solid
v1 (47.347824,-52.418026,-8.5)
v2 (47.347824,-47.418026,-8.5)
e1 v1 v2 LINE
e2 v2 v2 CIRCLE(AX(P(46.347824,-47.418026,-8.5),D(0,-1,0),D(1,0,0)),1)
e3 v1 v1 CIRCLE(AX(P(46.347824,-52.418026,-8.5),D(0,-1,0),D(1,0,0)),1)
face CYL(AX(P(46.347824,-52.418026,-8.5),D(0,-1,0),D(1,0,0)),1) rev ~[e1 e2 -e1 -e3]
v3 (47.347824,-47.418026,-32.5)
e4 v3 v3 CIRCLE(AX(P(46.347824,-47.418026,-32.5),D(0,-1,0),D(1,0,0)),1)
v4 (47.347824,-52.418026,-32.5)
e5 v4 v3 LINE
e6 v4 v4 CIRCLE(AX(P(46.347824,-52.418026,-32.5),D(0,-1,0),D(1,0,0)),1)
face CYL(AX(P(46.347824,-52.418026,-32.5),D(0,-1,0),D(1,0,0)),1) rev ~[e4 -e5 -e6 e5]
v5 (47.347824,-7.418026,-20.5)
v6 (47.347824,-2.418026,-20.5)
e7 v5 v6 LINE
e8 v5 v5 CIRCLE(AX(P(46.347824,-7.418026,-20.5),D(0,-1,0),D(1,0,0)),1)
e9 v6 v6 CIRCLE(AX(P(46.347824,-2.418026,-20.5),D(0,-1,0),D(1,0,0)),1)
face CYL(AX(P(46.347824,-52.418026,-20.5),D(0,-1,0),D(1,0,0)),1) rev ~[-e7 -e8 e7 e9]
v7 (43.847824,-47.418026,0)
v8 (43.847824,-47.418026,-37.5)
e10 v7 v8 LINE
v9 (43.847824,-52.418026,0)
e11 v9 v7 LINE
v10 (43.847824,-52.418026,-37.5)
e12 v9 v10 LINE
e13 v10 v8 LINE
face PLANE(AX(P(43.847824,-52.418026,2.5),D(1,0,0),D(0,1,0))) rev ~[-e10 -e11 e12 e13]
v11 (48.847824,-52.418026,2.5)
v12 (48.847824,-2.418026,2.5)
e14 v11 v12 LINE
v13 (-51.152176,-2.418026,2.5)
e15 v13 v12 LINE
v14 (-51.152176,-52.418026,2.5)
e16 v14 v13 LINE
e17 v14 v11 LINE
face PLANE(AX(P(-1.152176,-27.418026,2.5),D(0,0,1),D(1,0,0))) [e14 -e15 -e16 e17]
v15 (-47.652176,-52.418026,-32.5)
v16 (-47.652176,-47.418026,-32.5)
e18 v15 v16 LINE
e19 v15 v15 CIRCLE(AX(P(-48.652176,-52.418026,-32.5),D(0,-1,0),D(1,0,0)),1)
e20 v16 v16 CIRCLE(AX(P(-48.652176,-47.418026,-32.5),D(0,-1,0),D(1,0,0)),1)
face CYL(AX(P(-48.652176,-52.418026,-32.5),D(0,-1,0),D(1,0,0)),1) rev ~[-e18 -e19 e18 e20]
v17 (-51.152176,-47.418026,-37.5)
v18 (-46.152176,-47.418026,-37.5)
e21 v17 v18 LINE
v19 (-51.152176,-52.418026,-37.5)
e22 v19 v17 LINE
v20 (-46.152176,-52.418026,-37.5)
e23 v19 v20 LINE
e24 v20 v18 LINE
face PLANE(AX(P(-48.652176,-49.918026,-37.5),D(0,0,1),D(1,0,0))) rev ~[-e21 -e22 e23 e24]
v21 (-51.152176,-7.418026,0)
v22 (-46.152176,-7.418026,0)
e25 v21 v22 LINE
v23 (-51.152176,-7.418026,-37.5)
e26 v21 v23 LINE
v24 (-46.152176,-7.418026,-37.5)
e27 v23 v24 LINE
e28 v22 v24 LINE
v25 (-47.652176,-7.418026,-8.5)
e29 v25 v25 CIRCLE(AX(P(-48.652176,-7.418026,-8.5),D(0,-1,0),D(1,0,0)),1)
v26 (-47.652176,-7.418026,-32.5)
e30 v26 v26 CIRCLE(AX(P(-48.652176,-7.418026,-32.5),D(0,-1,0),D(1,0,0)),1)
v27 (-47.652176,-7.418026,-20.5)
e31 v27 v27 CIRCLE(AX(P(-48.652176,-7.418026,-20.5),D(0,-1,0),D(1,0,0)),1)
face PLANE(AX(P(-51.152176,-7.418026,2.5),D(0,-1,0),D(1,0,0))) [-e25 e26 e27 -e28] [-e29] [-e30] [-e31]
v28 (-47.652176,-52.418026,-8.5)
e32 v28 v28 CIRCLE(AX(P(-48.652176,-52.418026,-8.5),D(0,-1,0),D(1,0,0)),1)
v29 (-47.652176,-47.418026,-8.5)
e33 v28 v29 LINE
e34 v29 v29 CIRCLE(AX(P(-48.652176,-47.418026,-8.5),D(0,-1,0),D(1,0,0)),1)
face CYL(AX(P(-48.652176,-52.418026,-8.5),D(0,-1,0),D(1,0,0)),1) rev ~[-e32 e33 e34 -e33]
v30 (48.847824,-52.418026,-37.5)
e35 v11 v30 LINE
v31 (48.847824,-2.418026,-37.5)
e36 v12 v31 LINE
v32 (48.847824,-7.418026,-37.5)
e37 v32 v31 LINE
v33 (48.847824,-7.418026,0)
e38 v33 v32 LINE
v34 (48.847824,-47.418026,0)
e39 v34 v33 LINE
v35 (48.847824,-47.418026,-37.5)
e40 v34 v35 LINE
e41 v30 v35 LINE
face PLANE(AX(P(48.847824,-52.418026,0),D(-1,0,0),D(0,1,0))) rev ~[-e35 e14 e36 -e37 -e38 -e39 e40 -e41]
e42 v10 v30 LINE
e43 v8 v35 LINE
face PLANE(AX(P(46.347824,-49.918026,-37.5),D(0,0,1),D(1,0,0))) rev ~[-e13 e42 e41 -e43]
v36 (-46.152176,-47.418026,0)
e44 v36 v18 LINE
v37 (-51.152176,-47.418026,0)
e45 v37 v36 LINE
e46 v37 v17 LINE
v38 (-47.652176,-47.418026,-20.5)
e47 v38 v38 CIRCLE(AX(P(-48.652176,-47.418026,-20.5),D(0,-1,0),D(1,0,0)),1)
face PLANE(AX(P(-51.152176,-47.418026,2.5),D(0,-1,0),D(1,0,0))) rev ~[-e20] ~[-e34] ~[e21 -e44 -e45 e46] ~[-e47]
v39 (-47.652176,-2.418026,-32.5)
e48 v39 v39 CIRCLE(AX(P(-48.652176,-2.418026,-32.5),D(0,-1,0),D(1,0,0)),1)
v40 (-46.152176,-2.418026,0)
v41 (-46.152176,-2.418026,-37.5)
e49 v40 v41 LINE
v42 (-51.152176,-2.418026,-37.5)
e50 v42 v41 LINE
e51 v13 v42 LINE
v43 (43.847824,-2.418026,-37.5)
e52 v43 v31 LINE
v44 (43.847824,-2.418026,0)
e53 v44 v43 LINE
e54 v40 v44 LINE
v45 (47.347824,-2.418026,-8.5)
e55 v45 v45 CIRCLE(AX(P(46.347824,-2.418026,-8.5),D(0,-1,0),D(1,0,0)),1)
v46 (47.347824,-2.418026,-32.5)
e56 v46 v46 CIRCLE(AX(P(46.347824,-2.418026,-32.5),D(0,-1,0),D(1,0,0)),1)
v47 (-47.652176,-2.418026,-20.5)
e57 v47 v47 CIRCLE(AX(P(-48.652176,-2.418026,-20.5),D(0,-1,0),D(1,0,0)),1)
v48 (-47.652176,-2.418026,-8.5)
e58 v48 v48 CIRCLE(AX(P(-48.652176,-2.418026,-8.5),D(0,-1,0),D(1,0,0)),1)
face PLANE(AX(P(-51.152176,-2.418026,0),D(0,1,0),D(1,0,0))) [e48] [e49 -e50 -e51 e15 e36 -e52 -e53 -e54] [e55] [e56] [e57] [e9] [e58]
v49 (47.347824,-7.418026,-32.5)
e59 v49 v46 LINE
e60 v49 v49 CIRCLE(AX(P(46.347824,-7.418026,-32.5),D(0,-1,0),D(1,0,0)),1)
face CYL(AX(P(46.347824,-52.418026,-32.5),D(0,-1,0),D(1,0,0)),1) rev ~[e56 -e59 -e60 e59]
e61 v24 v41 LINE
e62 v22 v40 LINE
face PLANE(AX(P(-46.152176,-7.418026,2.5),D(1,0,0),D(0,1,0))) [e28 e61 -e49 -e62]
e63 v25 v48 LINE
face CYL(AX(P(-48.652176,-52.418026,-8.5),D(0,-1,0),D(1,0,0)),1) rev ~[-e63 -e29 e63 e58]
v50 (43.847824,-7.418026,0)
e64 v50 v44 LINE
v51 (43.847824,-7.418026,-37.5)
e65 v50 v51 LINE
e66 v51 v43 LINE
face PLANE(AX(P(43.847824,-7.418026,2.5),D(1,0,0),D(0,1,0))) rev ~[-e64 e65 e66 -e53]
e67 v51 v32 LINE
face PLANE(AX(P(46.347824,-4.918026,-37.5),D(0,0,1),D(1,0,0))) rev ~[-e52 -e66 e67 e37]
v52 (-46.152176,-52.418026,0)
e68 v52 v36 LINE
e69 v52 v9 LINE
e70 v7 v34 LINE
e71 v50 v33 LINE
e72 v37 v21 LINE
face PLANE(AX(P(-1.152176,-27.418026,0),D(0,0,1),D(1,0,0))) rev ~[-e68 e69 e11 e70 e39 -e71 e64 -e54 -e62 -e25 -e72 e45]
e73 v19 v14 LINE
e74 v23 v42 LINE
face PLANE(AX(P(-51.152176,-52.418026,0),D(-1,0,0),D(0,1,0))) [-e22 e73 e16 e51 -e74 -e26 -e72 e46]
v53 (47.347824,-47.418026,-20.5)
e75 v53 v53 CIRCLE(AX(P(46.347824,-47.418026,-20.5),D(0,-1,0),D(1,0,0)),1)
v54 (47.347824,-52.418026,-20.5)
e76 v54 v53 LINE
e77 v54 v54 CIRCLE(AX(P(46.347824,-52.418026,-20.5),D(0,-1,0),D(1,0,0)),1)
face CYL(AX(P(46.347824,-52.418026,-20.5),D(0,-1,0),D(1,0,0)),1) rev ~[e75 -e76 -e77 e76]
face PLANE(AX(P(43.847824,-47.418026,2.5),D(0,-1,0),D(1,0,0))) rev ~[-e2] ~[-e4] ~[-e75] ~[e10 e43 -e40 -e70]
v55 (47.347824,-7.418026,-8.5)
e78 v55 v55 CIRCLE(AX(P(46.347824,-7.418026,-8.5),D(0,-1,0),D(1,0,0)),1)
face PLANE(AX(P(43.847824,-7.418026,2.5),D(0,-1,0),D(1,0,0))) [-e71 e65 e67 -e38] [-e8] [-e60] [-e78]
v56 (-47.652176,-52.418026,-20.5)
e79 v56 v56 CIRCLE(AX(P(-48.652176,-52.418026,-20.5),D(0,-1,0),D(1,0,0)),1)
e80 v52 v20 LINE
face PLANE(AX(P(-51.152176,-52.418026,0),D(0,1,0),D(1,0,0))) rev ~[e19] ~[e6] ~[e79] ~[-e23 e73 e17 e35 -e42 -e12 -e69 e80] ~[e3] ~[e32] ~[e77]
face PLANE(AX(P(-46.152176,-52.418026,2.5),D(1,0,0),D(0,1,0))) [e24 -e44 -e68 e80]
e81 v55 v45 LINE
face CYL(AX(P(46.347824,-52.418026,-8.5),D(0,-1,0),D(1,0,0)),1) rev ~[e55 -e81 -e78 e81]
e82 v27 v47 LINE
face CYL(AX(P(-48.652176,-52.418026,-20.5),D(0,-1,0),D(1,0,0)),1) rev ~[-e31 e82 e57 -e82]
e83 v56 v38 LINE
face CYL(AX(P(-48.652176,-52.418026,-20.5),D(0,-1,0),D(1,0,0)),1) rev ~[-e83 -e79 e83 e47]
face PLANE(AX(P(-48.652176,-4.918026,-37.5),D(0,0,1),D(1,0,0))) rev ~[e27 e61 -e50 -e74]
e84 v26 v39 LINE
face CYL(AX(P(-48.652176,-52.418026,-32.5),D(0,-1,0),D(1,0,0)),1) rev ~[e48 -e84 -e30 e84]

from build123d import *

# Parameters (mm, degrees)
F0_W     = 100
F0_H     = 50
F1_DEPTH = 2.5
F2_W     = 5
F2_H     = 5
F3_DEPTH = 40
F4_R     = 1
F5_DEPTH = 50.001


with BuildPart() as f1:
    # F0 (on Top) → F1 (new body)
    with BuildSketch(Plane.XY):
        with Locations((-1.152176, -27.418026)):
            Rectangle(F0_W, F0_H)
    extrude(amount=F1_DEPTH)

    # F2 (on face) → F3 (join)
    with BuildSketch(Plane.XY.offset(2.5)):
        with Locations((-48.652176, -4.918026)):
            Rectangle(F2_W, F2_H)
        with Locations((46.347824, -4.918026)):
            Rectangle(F2_W, F2_H)
        with Locations((46.347824, -49.918026)):
            Rectangle(F2_W, F2_H)
        with Locations((-48.652176, -49.918026)):
            Rectangle(F2_W, F2_H)
    extrude(amount=-F3_DEPTH)

    # F4 (on face) → F5 (cut, through all)
    with BuildSketch(Plane.XZ.offset(52.418026)):
        with Locations((46.347824, -32.5)):
            Circle(F4_R)
        with Locations((46.347824, -20.5)):
            Circle(F4_R)
        with Locations((46.347824, -8.5)):
            Circle(F4_R)
        with Locations((-48.652176, -8.5)):
            Circle(F4_R)
        with Locations((-48.652176, -20.5)):
            Circle(F4_R)
        with Locations((-48.652176, -32.5)):
            Circle(F4_R)
    extrude(amount=-F5_DEPTH, mode=Mode.SUBTRACT)


solid = f1.part
